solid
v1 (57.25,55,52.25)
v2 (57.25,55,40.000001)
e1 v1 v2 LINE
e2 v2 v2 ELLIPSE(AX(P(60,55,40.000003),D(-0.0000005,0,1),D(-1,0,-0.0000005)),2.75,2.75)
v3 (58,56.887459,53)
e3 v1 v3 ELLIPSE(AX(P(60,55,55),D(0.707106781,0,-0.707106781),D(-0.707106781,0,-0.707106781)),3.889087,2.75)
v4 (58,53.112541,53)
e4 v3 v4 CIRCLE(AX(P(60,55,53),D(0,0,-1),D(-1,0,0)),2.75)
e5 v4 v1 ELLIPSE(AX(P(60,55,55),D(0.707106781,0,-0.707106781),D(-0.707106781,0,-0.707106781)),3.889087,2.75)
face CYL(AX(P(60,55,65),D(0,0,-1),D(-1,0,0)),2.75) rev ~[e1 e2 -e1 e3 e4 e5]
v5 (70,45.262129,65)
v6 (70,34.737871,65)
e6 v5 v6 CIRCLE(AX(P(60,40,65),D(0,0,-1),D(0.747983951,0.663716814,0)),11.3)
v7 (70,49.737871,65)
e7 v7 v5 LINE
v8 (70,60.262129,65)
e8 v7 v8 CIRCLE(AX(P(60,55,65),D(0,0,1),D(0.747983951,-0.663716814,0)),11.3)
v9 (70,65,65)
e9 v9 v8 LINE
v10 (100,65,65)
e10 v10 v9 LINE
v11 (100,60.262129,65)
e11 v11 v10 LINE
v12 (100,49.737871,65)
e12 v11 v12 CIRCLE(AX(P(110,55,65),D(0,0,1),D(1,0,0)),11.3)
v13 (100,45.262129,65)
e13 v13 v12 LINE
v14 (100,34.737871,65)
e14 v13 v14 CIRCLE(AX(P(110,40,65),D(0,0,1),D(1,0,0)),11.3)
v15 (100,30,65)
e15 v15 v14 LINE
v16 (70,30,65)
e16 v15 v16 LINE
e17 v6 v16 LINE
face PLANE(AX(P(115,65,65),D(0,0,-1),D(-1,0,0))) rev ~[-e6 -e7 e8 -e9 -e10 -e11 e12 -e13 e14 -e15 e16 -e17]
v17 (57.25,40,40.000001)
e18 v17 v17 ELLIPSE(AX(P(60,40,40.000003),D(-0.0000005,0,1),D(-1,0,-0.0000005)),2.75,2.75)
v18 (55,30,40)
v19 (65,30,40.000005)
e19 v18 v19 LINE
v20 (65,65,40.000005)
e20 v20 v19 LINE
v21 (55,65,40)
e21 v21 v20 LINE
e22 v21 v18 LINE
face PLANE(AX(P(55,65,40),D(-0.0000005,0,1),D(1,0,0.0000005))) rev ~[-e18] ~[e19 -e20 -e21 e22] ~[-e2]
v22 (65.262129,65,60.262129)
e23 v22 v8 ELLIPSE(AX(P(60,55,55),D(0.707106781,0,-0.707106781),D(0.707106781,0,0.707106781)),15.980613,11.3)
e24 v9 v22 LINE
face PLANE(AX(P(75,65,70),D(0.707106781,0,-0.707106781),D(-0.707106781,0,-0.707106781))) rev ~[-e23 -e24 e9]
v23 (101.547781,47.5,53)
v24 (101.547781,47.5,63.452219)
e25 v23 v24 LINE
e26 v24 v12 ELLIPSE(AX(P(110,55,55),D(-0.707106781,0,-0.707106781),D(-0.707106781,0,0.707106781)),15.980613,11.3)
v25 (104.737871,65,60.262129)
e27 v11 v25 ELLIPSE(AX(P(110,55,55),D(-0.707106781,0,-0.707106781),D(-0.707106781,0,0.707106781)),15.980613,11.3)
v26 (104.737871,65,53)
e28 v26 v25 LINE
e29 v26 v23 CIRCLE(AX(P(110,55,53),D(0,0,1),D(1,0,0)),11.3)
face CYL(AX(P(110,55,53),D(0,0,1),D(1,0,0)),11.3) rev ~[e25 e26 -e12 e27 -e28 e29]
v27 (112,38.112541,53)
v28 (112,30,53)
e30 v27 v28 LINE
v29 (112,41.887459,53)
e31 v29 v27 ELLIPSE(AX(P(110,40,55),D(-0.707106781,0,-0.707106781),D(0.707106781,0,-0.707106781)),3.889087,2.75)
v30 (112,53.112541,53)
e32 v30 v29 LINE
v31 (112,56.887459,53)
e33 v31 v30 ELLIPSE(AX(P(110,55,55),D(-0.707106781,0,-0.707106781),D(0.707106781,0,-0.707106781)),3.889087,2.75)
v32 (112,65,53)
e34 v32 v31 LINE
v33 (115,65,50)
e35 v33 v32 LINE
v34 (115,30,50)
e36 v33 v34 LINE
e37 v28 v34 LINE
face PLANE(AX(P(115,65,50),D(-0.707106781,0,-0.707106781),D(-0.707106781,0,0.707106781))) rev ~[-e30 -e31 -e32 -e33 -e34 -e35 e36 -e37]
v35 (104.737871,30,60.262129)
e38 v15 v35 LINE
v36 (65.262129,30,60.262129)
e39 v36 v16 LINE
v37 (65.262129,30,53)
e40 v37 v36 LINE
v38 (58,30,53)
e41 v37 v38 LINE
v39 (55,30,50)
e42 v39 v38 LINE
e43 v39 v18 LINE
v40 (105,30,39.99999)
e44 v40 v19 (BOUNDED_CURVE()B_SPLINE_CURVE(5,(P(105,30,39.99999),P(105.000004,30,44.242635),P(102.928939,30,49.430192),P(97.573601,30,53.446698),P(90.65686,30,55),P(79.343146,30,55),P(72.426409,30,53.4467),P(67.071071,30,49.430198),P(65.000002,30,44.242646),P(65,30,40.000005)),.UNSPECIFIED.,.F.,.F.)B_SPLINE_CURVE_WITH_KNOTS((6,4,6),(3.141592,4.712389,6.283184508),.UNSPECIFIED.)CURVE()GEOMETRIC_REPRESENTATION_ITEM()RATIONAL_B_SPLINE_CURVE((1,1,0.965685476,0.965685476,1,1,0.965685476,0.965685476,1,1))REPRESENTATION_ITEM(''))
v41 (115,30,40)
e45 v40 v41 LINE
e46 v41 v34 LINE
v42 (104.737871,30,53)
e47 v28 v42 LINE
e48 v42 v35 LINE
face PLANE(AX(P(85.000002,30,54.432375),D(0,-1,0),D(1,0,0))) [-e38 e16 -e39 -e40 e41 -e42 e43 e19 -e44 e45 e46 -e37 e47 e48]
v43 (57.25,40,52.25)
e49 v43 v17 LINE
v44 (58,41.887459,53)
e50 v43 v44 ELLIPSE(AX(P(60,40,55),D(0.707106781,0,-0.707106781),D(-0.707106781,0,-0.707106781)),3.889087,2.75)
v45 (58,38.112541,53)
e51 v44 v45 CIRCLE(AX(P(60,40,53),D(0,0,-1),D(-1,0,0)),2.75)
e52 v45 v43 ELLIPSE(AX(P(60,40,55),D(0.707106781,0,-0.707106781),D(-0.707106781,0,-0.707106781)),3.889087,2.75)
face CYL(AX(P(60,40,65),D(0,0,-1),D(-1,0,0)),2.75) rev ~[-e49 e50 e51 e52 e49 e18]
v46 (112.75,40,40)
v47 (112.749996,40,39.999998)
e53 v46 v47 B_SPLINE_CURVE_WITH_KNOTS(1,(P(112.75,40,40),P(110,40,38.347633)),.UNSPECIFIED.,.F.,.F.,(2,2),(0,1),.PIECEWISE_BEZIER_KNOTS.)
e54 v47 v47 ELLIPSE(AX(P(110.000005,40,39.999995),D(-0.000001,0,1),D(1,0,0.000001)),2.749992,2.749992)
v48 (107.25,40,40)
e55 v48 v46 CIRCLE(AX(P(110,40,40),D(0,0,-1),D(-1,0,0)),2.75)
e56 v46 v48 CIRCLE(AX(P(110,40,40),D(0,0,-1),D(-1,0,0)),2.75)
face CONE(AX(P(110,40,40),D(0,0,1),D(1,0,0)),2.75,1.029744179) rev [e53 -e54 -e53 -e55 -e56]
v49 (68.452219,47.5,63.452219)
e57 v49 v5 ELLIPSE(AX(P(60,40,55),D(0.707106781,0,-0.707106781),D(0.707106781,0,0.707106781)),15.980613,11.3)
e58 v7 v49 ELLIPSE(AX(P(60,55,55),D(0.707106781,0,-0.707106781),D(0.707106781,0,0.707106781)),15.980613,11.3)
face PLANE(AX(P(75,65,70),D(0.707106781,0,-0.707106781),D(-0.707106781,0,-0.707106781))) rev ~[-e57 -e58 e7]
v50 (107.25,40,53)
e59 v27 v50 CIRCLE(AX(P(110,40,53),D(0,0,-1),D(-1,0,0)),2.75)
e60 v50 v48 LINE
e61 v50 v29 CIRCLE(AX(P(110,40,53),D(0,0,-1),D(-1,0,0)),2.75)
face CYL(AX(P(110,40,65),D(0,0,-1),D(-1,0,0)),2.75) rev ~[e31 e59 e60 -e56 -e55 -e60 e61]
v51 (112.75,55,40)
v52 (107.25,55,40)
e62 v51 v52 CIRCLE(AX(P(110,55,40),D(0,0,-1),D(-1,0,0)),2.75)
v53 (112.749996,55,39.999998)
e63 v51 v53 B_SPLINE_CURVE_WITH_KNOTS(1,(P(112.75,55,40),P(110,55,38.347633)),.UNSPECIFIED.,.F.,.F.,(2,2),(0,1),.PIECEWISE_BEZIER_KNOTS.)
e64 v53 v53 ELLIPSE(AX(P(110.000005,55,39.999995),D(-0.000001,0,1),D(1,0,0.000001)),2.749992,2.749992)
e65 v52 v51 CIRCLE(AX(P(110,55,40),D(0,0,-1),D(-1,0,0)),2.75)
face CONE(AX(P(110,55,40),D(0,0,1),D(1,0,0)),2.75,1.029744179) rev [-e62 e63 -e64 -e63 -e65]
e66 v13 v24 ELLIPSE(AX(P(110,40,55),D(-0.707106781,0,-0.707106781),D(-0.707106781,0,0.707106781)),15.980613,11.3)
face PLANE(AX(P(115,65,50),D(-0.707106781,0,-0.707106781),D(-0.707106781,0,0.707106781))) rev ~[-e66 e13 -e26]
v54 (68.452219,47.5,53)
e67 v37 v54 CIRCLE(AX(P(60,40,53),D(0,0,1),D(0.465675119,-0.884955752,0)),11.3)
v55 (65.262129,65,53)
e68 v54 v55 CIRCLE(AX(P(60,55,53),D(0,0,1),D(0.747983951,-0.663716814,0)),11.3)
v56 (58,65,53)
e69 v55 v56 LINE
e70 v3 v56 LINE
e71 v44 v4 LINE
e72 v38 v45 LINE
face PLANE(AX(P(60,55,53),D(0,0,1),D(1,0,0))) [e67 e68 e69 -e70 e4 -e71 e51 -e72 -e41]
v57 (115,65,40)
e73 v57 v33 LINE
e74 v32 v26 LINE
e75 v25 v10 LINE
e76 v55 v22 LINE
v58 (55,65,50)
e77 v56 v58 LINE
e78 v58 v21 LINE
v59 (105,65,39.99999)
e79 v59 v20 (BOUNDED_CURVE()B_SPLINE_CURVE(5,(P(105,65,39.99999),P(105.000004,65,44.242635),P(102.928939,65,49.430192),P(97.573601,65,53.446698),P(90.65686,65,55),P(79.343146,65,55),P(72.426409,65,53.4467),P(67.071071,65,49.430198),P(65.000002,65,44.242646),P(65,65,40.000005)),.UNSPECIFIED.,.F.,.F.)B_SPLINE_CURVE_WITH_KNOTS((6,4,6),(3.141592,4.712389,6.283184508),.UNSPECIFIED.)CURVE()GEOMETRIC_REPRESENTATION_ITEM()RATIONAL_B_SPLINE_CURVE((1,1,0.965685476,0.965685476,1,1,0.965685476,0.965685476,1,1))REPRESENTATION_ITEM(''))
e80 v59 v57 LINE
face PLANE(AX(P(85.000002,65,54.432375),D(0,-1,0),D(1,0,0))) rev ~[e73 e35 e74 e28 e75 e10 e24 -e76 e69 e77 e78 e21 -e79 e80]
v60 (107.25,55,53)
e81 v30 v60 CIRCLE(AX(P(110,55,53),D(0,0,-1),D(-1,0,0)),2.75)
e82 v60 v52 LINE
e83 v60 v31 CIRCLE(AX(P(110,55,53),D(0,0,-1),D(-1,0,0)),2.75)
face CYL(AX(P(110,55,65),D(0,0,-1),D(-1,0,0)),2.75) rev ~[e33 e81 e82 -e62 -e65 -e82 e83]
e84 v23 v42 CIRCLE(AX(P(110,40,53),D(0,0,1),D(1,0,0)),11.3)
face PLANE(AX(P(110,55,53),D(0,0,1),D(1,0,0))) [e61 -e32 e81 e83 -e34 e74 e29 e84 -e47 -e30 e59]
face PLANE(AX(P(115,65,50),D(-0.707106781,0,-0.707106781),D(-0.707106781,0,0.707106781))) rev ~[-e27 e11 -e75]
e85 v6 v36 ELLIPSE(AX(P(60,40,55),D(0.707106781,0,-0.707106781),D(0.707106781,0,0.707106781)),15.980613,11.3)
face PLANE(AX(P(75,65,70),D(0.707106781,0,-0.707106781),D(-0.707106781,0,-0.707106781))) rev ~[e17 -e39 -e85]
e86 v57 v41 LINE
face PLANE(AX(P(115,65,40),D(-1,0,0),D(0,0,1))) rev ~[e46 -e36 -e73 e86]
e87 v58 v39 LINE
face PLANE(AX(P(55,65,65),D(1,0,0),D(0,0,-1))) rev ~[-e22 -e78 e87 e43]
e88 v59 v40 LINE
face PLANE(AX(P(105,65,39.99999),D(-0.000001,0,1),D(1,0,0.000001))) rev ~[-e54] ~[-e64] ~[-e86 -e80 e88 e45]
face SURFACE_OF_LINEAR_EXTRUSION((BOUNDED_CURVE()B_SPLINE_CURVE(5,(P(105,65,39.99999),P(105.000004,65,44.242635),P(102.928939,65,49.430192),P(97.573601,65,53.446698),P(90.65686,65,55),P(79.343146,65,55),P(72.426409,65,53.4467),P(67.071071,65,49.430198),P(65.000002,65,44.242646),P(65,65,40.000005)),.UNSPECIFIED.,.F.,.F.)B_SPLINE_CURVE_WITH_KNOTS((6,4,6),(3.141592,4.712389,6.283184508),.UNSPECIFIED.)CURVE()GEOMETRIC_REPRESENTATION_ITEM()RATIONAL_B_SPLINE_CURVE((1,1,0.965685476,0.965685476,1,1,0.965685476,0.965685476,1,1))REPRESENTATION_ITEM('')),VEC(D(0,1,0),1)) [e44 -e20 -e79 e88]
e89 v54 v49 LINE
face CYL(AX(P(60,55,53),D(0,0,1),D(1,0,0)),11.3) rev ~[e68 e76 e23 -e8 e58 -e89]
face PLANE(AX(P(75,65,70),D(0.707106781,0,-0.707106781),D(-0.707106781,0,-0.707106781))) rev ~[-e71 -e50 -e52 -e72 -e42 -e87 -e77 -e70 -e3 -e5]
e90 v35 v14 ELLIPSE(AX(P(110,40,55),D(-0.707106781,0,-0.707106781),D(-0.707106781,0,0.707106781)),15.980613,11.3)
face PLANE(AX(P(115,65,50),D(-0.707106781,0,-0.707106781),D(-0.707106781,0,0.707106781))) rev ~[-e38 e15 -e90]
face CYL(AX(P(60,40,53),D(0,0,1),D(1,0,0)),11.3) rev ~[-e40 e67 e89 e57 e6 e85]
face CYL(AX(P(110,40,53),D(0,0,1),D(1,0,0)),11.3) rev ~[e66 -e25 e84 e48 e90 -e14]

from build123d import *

# Parameters (mm, degrees)
PAD025_DEPTH        = 35
HOLE025_D           = 5.5
HOLE025_DEPTH       = 25
HOLE025_CBORE_D     = 22.6
HOLE025_CBORE_DEPTH = 12
HOLE025_TIPS_R      = 2.75
POCKET001_DEPTH     = 48


with BuildPart() as part:
    # Sketch054 → Pad025 (new body)
    with BuildSketch(Plane.XZ):
        with BuildLine():
            Line((50, -1e-05), (60, 0))
            Line((60, 0), (60, 25))
            Line((60, 25), (0, 25))
            Line((0, 25), (0, 0))
            Line((0, 0), (10, 5e-06))
            add(Edge.make_bspline(
                [(30, 15), (10.000006, 15), (10, 5e-06)],
                knots=[4.712389, 4.712389, 4.712389, 6.283185, 6.283185, 6.283185], degree=2, weights=[1, 0.707107, 1]))
            add(Edge.make_bspline(
                [(50, -1e-05), (50.000013, 15), (30, 15)],
                knots=[3.141592, 3.141592, 3.141592, 4.712389, 4.712389, 4.712389], degree=2, weights=[1, 0.707107, 1]))
        make_face()
    extrude(amount=PAD025_DEPTH)

    # Hole025
    with Locations(Plane.XY.offset(25)):
        with Locations((55, -25), (55, -10), (5, -25), (5, -10)):
            CounterBoreHole(HOLE025_D / 2, HOLE025_CBORE_D / 2, HOLE025_CBORE_DEPTH, depth=HOLE025_DEPTH)

    # Hole025 tips → Hole025 tip 1 section 0
    with BuildSketch(Plane.XY, mode=Mode.PRIVATE) as hole025_tip_1_s0:
        with Locations((55, -25)):
            Circle(HOLE025_TIPS_R)
    loft([hole025_tip_1_s0.sketch, Vertex(55, -25, -1.652367)], mode=Mode.SUBTRACT)

    # Hole025 tips → Hole025 tip 2 section 0
    with BuildSketch(Plane.XY, mode=Mode.PRIVATE) as hole025_tip_2_s0:
        with Locations((55, -10)):
            Circle(HOLE025_TIPS_R)
    loft([hole025_tip_2_s0.sketch, Vertex(55, -10, -1.652367)], mode=Mode.SUBTRACT)

    # Hole025 tips → Hole025 tip 3 section 0
    with BuildSketch(Plane.XY, mode=Mode.PRIVATE) as hole025_tip_3_s0:
        with Locations((5, -25)):
            Circle(HOLE025_TIPS_R)
    loft([hole025_tip_3_s0.sketch, Vertex(5, -25, -1.652367)], mode=Mode.SUBTRACT)

    # Hole025 tips → Hole025 tip 4 section 0
    with BuildSketch(Plane.XY, mode=Mode.PRIVATE) as hole025_tip_4_s0:
        with Locations((5, -10)):
            Circle(HOLE025_TIPS_R)
    loft([hole025_tip_4_s0.sketch, Vertex(5, -10, -1.652367)], mode=Mode.SUBTRACT)

    # Sketch056 → Pocket001 (cut)
    with BuildSketch(Plane.XZ):
        Polygon((60, 10), (40, 30), (60, 30), align=None)
        Polygon((20, 30), (0, 10), (0, 30), align=None)
    extrude(amount=POCKET001_DEPTH, mode=Mode.SUBTRACT)


with BuildPart() as part_1:
    # Body057 placement: moved
    add(part.part.moved(Location((55, 65, 40))))


solid = part_1.part
